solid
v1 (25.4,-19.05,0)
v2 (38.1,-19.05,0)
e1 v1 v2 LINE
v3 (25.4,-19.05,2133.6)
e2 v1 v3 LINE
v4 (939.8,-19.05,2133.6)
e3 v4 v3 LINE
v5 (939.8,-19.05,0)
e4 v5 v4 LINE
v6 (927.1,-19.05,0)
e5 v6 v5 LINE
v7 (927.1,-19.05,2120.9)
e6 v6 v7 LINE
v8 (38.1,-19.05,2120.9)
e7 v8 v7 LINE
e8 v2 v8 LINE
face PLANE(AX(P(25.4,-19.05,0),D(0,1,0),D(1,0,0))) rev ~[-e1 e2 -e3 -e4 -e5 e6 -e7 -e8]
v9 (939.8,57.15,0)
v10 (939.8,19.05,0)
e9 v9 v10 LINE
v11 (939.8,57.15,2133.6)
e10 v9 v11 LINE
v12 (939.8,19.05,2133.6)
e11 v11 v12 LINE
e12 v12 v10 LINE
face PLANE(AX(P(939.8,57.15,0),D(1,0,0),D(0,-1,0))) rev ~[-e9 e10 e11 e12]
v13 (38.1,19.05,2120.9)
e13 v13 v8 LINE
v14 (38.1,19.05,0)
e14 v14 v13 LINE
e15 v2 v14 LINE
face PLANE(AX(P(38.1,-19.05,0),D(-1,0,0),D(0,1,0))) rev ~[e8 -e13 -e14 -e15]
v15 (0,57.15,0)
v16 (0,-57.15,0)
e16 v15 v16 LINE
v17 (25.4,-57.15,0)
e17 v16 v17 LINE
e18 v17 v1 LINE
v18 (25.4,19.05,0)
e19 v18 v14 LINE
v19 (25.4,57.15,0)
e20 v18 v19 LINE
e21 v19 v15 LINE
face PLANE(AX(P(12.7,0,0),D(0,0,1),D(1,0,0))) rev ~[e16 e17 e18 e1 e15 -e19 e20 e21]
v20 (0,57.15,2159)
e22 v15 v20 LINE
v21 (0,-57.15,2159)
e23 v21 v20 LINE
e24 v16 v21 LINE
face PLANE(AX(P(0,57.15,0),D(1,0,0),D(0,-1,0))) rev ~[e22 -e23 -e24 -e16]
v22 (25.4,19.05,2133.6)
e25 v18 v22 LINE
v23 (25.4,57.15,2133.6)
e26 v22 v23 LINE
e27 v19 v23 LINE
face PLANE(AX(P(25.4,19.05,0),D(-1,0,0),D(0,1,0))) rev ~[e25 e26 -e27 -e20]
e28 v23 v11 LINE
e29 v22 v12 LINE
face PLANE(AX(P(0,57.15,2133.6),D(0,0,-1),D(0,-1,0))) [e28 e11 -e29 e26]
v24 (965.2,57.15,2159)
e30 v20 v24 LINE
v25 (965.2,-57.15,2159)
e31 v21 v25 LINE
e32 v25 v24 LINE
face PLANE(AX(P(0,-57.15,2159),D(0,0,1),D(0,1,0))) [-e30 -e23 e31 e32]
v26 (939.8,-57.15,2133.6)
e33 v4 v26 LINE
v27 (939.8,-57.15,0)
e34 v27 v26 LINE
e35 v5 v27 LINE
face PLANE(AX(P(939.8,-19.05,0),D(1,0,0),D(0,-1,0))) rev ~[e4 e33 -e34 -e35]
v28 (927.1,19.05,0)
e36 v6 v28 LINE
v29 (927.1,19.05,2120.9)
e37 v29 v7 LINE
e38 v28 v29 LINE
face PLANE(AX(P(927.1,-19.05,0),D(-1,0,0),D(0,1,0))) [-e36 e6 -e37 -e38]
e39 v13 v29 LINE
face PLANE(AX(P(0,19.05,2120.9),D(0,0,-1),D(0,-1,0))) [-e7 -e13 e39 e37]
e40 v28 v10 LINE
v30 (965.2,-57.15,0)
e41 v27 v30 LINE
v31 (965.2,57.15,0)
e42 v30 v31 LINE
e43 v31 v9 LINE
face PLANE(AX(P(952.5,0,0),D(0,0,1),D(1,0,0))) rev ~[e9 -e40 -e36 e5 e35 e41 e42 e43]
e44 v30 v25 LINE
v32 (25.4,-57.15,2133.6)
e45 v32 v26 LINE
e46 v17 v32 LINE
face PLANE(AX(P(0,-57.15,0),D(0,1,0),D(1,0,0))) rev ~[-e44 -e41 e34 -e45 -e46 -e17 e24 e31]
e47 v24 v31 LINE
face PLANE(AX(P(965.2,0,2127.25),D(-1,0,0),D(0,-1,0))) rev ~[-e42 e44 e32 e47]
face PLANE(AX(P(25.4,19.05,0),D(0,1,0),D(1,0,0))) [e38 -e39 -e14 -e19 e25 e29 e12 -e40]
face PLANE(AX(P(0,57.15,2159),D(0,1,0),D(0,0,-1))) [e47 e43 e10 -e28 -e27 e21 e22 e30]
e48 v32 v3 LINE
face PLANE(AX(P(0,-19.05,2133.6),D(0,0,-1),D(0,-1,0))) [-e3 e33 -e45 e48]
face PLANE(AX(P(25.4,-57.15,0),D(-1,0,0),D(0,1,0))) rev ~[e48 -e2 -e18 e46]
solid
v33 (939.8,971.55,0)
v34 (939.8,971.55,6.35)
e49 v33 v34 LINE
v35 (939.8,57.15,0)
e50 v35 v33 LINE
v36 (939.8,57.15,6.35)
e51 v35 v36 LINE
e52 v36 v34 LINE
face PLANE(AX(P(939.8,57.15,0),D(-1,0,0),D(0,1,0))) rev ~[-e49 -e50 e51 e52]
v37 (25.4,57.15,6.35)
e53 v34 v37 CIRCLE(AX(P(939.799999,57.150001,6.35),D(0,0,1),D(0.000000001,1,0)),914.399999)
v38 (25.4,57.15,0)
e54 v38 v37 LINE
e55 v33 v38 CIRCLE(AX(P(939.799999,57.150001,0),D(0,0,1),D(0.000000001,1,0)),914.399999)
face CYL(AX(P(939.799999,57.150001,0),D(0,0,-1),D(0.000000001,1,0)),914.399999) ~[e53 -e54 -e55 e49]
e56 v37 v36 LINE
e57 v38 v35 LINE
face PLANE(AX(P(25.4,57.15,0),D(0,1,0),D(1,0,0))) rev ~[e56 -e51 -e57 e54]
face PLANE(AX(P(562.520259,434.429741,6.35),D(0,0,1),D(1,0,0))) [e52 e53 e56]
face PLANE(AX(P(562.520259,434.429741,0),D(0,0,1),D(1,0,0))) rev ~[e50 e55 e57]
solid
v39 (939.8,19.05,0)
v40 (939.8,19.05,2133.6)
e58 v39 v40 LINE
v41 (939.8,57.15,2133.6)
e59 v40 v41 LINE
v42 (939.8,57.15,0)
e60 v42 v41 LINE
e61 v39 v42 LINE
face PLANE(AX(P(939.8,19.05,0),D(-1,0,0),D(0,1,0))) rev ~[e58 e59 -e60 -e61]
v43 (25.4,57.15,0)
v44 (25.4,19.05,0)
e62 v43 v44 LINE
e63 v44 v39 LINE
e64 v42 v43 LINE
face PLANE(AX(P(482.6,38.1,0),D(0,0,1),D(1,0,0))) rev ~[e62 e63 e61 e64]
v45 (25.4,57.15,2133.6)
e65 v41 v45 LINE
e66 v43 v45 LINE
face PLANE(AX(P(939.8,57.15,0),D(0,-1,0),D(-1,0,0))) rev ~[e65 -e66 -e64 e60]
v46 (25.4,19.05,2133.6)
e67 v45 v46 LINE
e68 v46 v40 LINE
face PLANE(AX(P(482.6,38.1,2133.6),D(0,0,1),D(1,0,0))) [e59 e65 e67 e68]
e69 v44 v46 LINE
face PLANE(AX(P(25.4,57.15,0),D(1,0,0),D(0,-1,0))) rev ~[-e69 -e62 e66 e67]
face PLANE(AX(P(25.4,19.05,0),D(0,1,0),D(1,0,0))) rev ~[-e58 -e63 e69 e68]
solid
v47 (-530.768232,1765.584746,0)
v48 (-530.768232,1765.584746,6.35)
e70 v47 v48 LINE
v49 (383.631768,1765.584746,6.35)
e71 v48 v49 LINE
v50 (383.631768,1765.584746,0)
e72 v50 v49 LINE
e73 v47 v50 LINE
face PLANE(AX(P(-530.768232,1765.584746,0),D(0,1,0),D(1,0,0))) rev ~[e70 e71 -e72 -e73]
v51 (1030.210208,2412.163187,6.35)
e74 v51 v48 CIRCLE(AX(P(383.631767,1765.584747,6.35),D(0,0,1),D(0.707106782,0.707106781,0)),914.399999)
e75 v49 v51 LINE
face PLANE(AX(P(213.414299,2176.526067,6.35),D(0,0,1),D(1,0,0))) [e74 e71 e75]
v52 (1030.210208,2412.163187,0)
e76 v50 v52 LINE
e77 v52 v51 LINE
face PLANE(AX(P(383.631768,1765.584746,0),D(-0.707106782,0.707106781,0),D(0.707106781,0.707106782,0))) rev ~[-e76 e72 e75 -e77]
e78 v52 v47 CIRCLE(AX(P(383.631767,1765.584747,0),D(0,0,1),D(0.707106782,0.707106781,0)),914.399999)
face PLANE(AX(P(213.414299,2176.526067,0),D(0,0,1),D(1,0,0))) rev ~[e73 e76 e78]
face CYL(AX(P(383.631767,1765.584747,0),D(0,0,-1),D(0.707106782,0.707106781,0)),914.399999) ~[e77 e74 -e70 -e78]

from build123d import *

# Parameters (mm, degrees)
F0_W     = 12.7
F0_H     = 38.1
F1_DEPTH = 2133.6
F2_W     = 38.1
F2_H     = 12.7
F3_DEPTH = 965.2
F4_DEPTH = 2133.6
F5_DEPTH = 6.35


with BuildPart() as f1:
    # F0 (on Top) → F1 (new body)
    with BuildSketch(Plane.XY):
        Polygon((25.4, 19.05), (25.4, 57.15), (0, 57.15), (0, -57.15), (25.4, -57.15), (25.4, -19.05), align=None)
        with Locations((31.75, 0)):
            Rectangle(F0_W, F0_H)
        Polygon((965.2, 57.15), (939.8, 57.15), (939.8, 19.05), (939.8, -19.05), (939.8, -57.15), (965.2, -57.15), align=None)
        with Locations((933.45, 0)):
            Rectangle(F0_W, F0_H)
    extrude(amount=F1_DEPTH)

    # F2 (on face) → F3 (join)
    with BuildSketch(Plane(origin=(0, 0, 0), x_dir=(0, -1, 0), z_dir=(-1, 0, 0))):
        with Locations((0, 2127.25)):
            Rectangle(F2_W, F2_H)
        Polygon((57.15, 2159), (-57.15, 2159), (-57.15, 2133.6), (-19.05, 2133.6), (19.05, 2133.6), (57.15, 2133.6), align=None)
    extrude(amount=-F3_DEPTH)


with BuildPart() as f4:
    # F0 (on Top) → F4 (new body)
    with BuildSketch(Plane.XY):
        Polygon((939.8, 19.05), (939.8, 57.15), (25.4, 57.15), (25.4, 19.05), (38.1, 19.05), (927.1, 19.05), align=None)
    extrude(amount=F4_DEPTH)


with BuildPart() as f5:
    # F0 (on Top) → F5 (new body)
    with BuildSketch(Plane.XY):
        with BuildLine():
            Line((25.4, 57.15), (939.8, 57.15))
            Line((939.8, 57.15), (939.8, 971.55))
            ThreePointArc((939.8, 971.55), (293.221559, 703.728441), (25.4, 57.15))
        make_face()
        with BuildLine():
            ThreePointArc((1030.210208, 2412.163187), (33.706037, 2610.380191), (-530.768232, 1765.584746))
            Line((-530.768232, 1765.584746), (383.631768, 1765.584746))
            Line((383.631768, 1765.584746), (1030.210208, 2412.163187))
        make_face()
    extrude(amount=F5_DEPTH)


solid = Compound([f1.part, f4.part, f5.part])
